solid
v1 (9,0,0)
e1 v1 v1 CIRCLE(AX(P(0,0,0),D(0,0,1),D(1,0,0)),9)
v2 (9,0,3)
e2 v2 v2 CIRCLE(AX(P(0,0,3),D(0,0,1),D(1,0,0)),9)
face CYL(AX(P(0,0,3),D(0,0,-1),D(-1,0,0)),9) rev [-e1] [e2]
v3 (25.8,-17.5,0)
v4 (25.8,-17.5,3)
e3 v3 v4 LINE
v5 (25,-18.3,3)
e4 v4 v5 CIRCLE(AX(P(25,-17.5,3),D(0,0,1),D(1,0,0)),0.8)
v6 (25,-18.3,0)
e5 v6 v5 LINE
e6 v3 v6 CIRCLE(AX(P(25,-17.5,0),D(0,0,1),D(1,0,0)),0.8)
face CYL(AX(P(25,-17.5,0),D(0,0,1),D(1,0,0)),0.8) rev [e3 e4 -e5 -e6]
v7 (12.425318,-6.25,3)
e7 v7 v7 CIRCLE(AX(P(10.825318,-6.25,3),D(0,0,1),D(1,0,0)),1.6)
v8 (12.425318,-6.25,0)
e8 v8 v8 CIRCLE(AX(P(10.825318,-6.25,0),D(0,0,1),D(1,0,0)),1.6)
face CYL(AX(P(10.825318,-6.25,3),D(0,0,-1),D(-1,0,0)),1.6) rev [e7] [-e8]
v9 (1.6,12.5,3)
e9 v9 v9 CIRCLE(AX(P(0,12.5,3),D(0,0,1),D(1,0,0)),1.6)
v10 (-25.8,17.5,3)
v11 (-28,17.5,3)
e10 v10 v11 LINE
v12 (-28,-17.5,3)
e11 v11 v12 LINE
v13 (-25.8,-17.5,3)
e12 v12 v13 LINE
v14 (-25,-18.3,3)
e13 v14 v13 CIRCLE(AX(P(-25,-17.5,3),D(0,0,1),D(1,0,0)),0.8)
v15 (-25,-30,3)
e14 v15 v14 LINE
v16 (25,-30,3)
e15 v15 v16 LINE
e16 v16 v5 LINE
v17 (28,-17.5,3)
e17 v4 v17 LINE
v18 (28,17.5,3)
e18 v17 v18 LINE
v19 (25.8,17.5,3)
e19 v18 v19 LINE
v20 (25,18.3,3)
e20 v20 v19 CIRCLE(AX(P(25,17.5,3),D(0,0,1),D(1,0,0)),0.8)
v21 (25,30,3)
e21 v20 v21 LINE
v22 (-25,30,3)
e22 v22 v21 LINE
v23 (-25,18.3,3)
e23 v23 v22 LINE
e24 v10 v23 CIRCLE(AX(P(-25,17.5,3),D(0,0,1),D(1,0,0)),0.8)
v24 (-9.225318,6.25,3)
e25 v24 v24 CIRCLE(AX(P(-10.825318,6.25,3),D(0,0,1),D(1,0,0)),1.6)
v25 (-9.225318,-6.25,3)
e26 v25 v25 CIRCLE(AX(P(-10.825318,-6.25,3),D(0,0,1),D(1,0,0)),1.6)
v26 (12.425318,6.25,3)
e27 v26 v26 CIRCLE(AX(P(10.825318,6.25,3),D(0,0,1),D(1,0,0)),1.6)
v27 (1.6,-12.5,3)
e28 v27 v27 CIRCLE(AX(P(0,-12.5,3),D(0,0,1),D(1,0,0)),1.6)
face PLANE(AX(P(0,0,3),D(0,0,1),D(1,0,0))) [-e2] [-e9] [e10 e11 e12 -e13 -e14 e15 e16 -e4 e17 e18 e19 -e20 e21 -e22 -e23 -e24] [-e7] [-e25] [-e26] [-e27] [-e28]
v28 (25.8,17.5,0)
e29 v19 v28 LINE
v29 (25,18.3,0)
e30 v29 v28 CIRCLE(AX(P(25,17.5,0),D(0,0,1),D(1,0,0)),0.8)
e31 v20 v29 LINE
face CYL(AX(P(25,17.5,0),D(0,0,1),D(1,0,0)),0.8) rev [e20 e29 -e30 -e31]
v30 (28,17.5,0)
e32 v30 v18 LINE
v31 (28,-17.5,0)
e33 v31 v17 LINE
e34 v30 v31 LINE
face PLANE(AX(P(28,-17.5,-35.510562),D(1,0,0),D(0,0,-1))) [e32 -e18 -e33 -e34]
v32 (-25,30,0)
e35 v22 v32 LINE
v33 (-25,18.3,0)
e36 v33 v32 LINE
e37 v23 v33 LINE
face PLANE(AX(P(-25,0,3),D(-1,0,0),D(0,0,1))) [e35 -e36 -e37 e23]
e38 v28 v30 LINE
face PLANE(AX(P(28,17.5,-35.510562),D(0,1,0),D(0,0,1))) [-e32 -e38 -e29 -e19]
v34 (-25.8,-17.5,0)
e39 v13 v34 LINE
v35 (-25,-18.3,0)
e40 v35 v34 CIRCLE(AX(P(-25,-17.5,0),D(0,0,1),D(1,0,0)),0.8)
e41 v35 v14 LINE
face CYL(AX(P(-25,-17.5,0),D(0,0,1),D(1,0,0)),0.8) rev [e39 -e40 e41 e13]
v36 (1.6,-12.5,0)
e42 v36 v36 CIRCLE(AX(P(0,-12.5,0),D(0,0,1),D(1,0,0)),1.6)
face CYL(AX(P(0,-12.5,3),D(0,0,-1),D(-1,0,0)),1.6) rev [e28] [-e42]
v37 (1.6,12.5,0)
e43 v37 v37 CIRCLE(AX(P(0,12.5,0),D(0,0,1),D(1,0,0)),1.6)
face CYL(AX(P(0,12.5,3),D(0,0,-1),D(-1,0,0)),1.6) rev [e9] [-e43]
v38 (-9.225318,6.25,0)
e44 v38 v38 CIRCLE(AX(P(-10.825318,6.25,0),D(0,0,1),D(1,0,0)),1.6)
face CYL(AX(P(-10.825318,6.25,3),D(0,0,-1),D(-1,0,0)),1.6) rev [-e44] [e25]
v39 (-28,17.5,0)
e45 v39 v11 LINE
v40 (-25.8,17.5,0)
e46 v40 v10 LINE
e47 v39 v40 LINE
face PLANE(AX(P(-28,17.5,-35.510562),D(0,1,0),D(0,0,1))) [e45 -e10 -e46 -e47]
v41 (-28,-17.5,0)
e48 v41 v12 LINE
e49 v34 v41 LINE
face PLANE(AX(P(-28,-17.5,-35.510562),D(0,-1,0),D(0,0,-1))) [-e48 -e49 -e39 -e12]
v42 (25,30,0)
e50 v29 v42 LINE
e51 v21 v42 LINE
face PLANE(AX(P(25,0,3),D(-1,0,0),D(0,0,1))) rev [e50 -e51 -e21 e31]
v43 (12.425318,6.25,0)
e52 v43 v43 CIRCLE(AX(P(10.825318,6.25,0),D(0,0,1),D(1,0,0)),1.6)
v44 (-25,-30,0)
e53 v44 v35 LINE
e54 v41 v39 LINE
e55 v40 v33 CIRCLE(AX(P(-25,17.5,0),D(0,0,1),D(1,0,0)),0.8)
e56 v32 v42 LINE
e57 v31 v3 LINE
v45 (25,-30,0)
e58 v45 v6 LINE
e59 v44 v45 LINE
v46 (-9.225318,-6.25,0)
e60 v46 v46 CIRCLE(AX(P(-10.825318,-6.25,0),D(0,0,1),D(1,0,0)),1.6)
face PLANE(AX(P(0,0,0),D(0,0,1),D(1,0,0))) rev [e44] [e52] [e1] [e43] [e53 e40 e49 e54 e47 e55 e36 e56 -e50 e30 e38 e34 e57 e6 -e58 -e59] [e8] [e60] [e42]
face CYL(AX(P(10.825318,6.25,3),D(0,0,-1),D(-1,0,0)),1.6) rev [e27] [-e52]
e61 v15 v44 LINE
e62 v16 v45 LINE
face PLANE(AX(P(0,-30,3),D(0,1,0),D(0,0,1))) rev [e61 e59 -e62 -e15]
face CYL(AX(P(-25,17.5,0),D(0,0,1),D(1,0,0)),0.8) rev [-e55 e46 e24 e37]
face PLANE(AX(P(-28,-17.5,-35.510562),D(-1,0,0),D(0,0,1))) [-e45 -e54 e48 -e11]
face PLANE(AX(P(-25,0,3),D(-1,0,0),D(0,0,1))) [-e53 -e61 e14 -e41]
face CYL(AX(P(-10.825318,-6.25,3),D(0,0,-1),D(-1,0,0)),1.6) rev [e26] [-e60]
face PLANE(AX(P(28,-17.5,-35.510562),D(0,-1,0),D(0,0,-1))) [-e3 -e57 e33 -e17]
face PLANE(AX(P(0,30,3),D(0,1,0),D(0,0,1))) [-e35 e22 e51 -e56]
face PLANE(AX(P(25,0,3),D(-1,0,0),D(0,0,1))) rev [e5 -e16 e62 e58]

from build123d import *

# Parameters (mm, degrees)
SKETCH1_W           = 50
SKETCH1_H           = 60
SKETCH1_R           = 1.6
SKETCH1_R_2         = 9
BOSS_EXTRUDE1_DEPTH = 3
SKETCH2_W           = 6
SKETCH2_H           = 35
BOSS_EXTRUDE2_DEPTH = 3
SKETCH3_R           = 0.8
CUT_EXTRUDE1_DEPTH  = 42.146081223


with BuildPart() as part:
    # Sketch1 → Boss-Extrude1 (new body)
    with BuildSketch(Plane.XY):
        Rectangle(SKETCH1_W, SKETCH1_H)
        with Locations((0, 12.5)):
            Circle(SKETCH1_R, mode=Mode.SUBTRACT)
        with Locations((10.825317547, 6.25)):
            Circle(SKETCH1_R, mode=Mode.SUBTRACT)
        with Locations((10.825317547, -6.25)):
            Circle(SKETCH1_R, mode=Mode.SUBTRACT)
        with Locations((0, -12.5)):
            Circle(SKETCH1_R, mode=Mode.SUBTRACT)
        with Locations((-10.825317547, -6.25)):
            Circle(SKETCH1_R, mode=Mode.SUBTRACT)
        with Locations((-10.825317547, 6.25)):
            Circle(SKETCH1_R, mode=Mode.SUBTRACT)
        Circle(SKETCH1_R_2, mode=Mode.SUBTRACT)
    extrude(amount=BOSS_EXTRUDE1_DEPTH)

    # Sketch2 → Boss-Extrude2 (add)
    with BuildSketch(Plane.XY.offset(3)):
        with Locations((-25, 0)):
            Rectangle(SKETCH2_W, SKETCH2_H)
        with Locations((25, 0)):
            Rectangle(SKETCH2_W, SKETCH2_H)
    extrude(amount=-BOSS_EXTRUDE2_DEPTH)

    # Sketch3 → Cut-Extrude1 (cut, through all)
    with BuildSketch(Plane.XY.offset(3)):
        with Locations((-25, 17.5)):
            Circle(SKETCH3_R)
        with Locations((-25, -17.5)):
            Circle(SKETCH3_R)
        with Locations((25, 17.5)):
            Circle(SKETCH3_R)
        with Locations((25, -17.5)):
            Circle(SKETCH3_R)
    extrude(amount=-CUT_EXTRUDE1_DEPTH, mode=Mode.SUBTRACT)


solid = part.part
